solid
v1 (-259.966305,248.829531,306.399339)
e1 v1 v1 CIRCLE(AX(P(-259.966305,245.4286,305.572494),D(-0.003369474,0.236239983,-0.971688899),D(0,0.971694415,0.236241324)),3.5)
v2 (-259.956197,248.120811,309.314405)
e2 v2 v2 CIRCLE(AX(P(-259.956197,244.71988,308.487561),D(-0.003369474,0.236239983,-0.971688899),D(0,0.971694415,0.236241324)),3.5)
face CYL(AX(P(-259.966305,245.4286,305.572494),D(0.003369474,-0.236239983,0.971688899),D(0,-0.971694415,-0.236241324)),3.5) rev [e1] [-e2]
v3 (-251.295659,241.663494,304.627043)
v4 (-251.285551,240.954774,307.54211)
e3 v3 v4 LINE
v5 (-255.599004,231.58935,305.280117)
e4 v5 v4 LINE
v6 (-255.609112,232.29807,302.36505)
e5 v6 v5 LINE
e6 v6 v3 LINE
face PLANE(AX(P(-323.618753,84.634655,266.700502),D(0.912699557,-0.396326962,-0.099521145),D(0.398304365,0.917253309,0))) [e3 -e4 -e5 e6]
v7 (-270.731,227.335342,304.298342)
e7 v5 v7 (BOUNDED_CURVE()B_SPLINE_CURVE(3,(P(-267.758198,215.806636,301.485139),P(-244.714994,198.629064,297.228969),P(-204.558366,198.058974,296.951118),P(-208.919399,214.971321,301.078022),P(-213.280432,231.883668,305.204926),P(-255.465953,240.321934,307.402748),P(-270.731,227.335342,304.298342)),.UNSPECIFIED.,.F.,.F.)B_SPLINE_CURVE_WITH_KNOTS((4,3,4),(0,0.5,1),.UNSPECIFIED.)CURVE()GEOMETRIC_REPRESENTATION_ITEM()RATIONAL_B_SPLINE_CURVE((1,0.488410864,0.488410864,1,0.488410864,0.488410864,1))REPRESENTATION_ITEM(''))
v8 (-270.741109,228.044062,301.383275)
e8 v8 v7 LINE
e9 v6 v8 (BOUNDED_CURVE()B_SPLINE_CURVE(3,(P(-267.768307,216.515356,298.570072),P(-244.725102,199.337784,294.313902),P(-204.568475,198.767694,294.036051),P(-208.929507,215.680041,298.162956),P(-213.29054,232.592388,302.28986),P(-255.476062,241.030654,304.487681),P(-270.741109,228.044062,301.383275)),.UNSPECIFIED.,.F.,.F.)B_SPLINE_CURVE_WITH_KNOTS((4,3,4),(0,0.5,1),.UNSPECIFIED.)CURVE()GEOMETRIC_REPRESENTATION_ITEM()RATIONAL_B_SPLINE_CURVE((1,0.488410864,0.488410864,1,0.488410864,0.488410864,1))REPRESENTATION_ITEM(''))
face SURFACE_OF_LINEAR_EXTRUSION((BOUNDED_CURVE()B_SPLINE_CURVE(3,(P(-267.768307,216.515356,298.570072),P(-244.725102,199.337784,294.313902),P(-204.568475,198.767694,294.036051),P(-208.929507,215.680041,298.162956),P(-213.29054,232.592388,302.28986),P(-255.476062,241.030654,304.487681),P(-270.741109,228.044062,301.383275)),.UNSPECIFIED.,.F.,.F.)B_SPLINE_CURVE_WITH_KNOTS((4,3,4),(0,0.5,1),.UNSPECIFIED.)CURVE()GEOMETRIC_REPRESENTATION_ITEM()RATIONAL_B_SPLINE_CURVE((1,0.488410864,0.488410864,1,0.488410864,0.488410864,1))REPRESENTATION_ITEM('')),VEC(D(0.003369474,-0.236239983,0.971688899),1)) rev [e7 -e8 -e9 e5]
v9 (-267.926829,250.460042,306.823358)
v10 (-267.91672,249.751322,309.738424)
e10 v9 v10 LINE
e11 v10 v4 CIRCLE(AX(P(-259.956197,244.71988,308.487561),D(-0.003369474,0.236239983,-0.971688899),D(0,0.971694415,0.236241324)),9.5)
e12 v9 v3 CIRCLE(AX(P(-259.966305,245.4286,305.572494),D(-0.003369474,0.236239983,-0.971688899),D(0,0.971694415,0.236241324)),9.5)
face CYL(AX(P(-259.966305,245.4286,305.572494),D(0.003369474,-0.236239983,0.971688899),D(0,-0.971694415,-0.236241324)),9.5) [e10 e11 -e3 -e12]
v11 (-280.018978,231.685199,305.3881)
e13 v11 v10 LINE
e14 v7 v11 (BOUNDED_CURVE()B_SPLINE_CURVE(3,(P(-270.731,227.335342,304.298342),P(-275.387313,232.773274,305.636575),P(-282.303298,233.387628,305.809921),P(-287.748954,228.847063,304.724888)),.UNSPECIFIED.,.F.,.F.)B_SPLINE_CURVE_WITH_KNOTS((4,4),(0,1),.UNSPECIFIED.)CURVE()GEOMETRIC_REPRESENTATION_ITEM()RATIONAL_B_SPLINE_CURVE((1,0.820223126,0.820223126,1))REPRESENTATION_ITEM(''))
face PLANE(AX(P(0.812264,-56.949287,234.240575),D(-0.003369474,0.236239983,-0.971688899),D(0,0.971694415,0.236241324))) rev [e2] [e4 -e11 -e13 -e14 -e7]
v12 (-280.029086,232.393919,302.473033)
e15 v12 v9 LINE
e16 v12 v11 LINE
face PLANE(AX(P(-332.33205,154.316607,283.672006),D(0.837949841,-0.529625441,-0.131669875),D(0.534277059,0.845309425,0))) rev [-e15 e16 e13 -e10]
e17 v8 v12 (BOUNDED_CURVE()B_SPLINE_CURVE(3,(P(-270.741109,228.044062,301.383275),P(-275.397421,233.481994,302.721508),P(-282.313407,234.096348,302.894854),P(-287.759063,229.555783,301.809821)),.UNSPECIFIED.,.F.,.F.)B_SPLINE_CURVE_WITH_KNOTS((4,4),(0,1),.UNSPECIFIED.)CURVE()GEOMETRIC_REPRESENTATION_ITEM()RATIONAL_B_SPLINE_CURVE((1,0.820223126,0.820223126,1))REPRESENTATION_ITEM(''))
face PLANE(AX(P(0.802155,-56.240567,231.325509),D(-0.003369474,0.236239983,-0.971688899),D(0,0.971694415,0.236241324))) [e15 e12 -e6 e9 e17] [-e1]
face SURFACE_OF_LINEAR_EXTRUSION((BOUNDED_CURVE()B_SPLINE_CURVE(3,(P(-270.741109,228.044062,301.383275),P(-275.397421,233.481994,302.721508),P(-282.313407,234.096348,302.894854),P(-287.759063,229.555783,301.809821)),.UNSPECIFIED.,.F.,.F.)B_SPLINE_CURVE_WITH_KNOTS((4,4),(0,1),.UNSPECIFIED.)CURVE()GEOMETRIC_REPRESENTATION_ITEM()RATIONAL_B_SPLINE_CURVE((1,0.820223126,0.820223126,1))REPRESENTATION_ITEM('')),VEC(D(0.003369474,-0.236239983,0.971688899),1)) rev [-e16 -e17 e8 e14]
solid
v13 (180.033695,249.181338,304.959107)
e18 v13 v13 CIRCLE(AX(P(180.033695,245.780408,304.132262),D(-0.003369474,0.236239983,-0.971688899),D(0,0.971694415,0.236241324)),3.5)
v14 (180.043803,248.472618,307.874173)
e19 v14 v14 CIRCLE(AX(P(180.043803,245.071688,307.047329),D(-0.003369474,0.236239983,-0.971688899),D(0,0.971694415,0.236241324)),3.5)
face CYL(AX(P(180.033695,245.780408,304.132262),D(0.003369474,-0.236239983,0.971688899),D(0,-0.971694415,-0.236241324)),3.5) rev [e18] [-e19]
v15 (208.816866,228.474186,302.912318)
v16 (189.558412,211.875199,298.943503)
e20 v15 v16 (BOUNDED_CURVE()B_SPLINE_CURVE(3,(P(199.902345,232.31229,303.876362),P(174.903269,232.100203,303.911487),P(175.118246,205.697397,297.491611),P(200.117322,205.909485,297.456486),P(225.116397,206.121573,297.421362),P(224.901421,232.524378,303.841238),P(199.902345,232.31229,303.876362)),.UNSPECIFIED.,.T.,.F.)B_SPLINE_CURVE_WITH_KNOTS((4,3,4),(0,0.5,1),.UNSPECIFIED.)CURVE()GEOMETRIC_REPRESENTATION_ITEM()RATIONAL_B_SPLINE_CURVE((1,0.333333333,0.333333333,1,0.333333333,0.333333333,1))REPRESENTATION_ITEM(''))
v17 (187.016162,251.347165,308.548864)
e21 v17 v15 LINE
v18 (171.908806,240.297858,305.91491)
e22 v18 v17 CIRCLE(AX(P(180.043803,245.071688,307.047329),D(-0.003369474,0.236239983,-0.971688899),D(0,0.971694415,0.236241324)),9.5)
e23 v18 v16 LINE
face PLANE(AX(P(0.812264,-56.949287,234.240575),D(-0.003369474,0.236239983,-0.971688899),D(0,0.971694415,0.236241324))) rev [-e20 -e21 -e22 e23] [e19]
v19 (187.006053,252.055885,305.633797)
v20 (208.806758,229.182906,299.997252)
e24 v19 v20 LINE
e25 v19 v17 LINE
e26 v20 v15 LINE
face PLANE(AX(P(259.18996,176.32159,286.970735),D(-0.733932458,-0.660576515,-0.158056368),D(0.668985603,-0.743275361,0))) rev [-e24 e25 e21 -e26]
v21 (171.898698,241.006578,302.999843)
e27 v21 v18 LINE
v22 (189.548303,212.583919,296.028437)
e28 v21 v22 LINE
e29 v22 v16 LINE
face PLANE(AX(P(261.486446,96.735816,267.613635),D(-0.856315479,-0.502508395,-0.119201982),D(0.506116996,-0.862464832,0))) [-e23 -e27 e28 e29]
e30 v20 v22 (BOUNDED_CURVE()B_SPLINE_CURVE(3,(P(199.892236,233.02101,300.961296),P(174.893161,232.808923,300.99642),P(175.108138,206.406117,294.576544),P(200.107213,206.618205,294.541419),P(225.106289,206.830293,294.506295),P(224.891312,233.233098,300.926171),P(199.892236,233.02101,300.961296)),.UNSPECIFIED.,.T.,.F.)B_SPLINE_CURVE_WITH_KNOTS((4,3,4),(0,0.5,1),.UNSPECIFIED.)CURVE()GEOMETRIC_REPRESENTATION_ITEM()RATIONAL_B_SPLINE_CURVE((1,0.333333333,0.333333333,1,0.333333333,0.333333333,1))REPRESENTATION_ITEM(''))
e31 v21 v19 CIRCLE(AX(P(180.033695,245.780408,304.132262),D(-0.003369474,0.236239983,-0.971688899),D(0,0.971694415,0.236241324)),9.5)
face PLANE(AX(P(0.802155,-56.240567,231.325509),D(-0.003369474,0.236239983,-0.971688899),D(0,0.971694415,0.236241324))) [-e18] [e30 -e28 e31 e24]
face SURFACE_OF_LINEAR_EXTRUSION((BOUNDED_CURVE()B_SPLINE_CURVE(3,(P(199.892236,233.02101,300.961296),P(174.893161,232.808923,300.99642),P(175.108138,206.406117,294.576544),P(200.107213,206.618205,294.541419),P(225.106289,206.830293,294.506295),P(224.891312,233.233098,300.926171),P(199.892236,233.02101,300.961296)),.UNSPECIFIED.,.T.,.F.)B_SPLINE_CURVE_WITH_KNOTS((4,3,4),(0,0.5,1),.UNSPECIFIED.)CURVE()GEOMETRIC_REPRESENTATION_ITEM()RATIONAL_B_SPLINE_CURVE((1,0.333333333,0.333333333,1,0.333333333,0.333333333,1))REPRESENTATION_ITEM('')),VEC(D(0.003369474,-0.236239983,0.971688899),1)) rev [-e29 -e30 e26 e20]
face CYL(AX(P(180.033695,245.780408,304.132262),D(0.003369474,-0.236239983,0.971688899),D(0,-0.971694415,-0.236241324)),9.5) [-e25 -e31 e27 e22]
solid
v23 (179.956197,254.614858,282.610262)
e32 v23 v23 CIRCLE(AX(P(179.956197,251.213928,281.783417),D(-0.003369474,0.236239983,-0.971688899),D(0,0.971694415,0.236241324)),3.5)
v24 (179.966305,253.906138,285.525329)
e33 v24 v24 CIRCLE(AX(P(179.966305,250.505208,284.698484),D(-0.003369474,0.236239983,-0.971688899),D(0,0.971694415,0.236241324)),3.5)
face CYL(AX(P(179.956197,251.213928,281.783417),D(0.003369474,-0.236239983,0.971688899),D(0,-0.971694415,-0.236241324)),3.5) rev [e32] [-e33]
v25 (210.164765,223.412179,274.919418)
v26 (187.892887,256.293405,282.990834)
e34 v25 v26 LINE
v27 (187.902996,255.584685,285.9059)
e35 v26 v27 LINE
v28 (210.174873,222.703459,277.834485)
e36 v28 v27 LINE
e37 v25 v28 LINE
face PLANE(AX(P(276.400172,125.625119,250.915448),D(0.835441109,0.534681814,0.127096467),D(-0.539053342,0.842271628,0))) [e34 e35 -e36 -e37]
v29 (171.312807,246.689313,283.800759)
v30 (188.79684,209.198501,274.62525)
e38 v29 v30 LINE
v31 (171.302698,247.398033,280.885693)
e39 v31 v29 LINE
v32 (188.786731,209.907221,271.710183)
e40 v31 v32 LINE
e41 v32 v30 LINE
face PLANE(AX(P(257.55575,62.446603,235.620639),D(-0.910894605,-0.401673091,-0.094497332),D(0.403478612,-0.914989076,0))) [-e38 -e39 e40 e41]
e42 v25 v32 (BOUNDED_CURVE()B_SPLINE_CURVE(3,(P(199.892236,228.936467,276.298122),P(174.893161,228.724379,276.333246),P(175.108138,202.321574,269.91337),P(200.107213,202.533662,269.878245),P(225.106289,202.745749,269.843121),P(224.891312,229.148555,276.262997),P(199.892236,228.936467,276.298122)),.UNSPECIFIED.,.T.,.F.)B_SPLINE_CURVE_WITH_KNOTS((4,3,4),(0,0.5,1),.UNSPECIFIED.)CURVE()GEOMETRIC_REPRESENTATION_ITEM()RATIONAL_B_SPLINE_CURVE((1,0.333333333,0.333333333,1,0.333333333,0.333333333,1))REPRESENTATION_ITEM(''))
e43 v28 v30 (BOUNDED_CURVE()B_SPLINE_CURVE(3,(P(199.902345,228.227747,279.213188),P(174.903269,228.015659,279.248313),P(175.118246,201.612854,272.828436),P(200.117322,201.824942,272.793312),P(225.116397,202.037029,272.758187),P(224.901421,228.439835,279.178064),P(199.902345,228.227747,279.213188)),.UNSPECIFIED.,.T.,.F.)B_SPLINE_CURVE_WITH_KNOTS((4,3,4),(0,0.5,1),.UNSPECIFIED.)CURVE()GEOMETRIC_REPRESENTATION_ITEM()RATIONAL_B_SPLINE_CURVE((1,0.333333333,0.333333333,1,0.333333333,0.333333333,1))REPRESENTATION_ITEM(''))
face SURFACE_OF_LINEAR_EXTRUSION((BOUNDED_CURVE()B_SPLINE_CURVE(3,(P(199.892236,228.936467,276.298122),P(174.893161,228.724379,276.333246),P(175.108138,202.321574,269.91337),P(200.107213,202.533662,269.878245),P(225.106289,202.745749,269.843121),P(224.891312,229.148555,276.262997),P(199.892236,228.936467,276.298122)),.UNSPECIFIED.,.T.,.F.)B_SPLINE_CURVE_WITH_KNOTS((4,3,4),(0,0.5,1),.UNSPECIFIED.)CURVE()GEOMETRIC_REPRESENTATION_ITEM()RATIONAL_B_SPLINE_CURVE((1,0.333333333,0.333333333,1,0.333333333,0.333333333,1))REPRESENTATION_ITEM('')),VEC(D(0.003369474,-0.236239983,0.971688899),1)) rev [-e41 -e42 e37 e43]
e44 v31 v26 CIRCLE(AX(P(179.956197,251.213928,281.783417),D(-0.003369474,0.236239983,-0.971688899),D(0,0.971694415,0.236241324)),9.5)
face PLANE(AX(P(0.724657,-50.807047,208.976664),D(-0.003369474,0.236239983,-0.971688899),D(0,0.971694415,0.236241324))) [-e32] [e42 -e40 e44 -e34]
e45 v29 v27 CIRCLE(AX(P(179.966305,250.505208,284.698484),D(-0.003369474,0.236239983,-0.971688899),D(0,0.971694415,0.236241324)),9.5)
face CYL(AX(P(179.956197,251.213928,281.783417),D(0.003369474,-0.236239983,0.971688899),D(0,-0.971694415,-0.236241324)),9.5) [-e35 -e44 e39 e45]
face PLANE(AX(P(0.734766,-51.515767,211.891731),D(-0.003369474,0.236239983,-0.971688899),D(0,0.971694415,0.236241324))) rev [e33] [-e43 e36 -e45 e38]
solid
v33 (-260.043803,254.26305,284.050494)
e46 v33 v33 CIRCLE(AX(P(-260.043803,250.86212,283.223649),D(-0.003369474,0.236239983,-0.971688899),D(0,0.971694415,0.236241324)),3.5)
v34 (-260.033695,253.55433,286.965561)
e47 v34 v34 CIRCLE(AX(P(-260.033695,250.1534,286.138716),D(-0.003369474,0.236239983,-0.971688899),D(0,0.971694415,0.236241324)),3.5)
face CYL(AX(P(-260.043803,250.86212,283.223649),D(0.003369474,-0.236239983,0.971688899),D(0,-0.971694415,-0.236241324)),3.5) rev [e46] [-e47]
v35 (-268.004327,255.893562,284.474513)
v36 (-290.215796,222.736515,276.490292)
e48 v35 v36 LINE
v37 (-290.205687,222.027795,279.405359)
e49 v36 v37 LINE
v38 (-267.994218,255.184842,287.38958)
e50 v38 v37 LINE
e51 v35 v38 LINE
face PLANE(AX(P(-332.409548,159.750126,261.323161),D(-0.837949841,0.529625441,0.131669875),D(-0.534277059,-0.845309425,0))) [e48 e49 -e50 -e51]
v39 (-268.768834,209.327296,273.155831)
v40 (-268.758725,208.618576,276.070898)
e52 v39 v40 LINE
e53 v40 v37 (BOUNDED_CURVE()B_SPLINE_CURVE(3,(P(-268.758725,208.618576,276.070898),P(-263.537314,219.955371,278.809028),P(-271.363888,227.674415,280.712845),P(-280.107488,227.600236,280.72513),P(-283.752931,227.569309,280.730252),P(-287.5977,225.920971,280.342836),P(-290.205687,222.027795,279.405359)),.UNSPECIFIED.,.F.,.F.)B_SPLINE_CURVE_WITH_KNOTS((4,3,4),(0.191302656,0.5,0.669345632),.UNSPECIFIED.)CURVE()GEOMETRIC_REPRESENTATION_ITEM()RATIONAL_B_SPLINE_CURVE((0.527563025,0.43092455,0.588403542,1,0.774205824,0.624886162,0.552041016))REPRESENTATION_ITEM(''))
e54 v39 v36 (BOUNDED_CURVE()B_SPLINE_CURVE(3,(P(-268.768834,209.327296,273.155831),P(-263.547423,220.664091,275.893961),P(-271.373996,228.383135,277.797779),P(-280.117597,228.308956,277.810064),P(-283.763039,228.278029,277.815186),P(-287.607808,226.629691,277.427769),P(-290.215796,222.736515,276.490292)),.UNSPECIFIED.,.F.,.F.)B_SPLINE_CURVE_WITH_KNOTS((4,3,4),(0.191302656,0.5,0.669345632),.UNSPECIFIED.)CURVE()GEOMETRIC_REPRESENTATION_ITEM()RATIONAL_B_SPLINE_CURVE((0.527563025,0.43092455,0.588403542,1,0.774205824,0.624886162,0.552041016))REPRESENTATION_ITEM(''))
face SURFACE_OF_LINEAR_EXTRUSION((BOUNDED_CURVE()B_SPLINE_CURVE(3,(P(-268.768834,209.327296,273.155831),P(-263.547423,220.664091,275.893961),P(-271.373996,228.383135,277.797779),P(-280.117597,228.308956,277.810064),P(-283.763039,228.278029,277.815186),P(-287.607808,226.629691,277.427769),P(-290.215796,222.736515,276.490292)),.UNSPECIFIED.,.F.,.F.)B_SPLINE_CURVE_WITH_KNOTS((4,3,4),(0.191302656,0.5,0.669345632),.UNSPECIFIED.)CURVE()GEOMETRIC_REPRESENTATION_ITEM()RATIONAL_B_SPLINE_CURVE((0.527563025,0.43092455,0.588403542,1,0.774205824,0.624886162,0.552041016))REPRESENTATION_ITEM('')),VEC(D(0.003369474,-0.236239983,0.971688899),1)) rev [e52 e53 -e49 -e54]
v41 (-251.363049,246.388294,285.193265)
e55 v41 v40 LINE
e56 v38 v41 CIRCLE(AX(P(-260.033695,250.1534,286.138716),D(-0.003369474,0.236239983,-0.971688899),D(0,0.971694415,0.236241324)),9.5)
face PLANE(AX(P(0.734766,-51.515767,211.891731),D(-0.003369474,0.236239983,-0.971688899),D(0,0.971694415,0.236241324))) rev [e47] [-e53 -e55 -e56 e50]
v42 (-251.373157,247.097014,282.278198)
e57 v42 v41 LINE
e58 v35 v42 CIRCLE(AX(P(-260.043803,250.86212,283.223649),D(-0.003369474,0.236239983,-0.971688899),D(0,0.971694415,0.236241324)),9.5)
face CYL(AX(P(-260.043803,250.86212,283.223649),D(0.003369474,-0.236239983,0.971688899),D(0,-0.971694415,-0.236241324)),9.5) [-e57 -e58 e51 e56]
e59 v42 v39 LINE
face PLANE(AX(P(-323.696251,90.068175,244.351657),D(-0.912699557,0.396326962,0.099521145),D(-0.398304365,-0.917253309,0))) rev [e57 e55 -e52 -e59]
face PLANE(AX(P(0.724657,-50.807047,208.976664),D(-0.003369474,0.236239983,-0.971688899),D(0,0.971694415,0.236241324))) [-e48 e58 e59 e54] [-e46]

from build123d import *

# Parameters (mm, degrees)
SZKIC1_R                      = 3.5
DODANIE_WYCI_GNI_CIE1_DEPTH   = 3
DODANIE_WYCI_GNI_CIE1_2_DEPTH = 3
SZKIC2_R                      = 3.5
DODANIE_WYCI_GNI_CIE2_DEPTH   = 3
DODANIE_WYCI_GNI_CIE2_2_DEPTH = 3


with BuildPart() as part:
    # Szkic1 → Dodanie-wyciągnięcie1 (new body)
    with BuildSketch(Plane(origin=(0.734765672, -51.515766997, 211.89173064), x_dir=(-0.999994323, -0.000796009, 0.003274099), z_dir=(-0.003369474, 0.236239983, -0.971688899))):
        with BuildLine():
            Line((-187.169292625, 315.892999472), (-209.441296402, 282.035694004))
            add(Edge.make_bspline(
                [(-209.441296402, 282.035694004), (-206.775889814, 286.087573931), (-202.858683854, 287.758514493), (-199.168709849, 287.729320466)],
                knots=[0.829057948, 0.829057948, 0.829057948, 0.829057948, 1, 1, 1, 1], degree=3, weights=[0.550001273, 0.622077689, 0.772077264, 1]))
            add(Edge.make_bspline(
                [(-199.168709849, 287.729320466), (-190.501196179, 287.660745558), (-182.83338324, 279.699846229), (-188.063141669, 268.154847974)],
                knots=[0, 0, 0, 0, 0.307110013, 0.307110013, 0.307110013, 0.307110013], degree=3, weights=[1, 0.590519983, 0.432550792, 0.526092429]))
            Line((-188.063141669, 268.154847974), (-170.579009164, 306.752095248))
            ThreePointArc((-170.579009164, 306.752095248), (-174.648073701, 318.992665858), (-187.169292625, 315.892999472))
        make_face()
        with Locations((-179.232557038, 310.672058156)):
            Circle(SZKIC1_R, mode=Mode.SUBTRACT)
    extrude(amount=DODANIE_WYCI_GNI_CIE1_DEPTH)


with BuildPart() as body_2:
    # Szkic1 → Dodanie-wyci_gni_cie1 2 (new body)
    with BuildSketch(Plane(origin=(0.734765672, -51.515766997, 211.89173064), x_dir=(-0.999994323, -0.000796009, 0.003274099), z_dir=(-0.003369474, 0.236239983, -0.971688899))):
        with BuildLine():
            Line((252.09924571, 306.788563701), (269.495020667, 267.932859656))
            add(Edge.make_bspline(
                [(269.495020667, 267.932859656), (264.273580193, 279.595619508), (272.100198145, 287.545932005), (280.843848292, 287.476754726), (284.489311538, 287.447912856), (288.334102265, 285.754708593), (290.942104385, 281.750260367)],
                knots=[0.191302656, 0.191302656, 0.191302656, 0.191302656, 0.5, 0.5, 0.5, 0.669345632, 0.669345632, 0.669345632, 0.669345632], degree=3, weights=[0.527563025, 0.43092455, 0.588403542, 1, 0.774205824, 0.624886162, 0.552041016]))
            Line((290.942104385, 281.750260367), (268.730509404, 315.854980385))
            ThreePointArc((268.730509404, 315.854980385), (256.222848494, 319.011551058), (252.09924571, 306.788563701))
        make_face()
        with Locations((260.769940721, 310.670450874)):
            Circle(SZKIC1_R, mode=Mode.SUBTRACT)
    extrude(amount=DODANIE_WYCI_GNI_CIE1_2_DEPTH)


with BuildPart() as body_3:
    # Szkic2 → Dodanie-wyciągnięcie2 (new body)
    with BuildSketch(Plane(origin=(0.81226357, -56.949286615, 234.240575322), x_dir=(-0.999994323, -0.000796009, 0.003274099), z_dir=(-0.003369474, 0.236239983, -0.971688899))):
        with BuildLine():
            Line((-188.747219403, 276.500756835), (-171.097513803, 305.765830321))
            ThreePointArc((-171.097513803, 305.765830321), (-173.52348431, 318.265245141), (-186.204954965, 317.12462874))
            Line((-186.204954965, 317.12462874), (-208.005783592, 293.567497463))
            add(Edge.make_bspline(
                [(-208.005783592, 293.567497463), (-205.389239731, 296.394833446), (-202.143001596, 297.548854487), (-199.091211511, 297.52470959)],
                knots=[0.852820792, 0.852820792, 0.852820792, 0.852820792, 1, 1, 1, 1], degree=3, weights=[0.584576923, 0.665286698, 0.803761057, 1]))
            add(Edge.make_bspline(
                [(-199.091211511, 297.52470959), (-189.609209552, 297.449690681), (-181.643640554, 288.279239816), (-188.747219403, 276.500756835)],
                knots=[0, 0, 0, 0, 0.323520489, 0.323520489, 0.323520489, 0.323520489], degree=3, weights=[1, 0.568639348, 0.416386714, 0.543242099]))
        make_face()
        with Locations((-179.232557038, 310.672058156)):
            Circle(SZKIC2_R, mode=Mode.SUBTRACT)
    extrude(amount=DODANIE_WYCI_GNI_CIE2_DEPTH)


with BuildPart() as body_4:
    # Szkic2 → Dodanie-wyci_gni_cie2 2 (new body)
    with BuildSketch(Plane(origin=(0.81226357, -56.949286615, 234.240575322), x_dir=(-0.999994323, -0.000796009, 0.003274099), z_dir=(-0.003369474, 0.236239983, -0.971688899))):
        with BuildLine():
            add(Edge.make_bspline(
                [(271.544805537, 292.788325972), (273.893649928, 295.613268937), (277.150282954, 297.273295896), (280.832835711, 297.272503503)],
                knots=[0, 0, 0, 0, 0.553776247, 0.553776247, 0.553776247, 0.553776247], degree=3, weights=[1, 0.900443837, 0.856019513, 0.866727027]))
            Line((280.832835711, 297.272503503), (268.730509404, 315.854980385))
            ThreePointArc((268.730509404, 315.854980385), (256.222848494, 319.011551058), (252.09924571, 306.788563701))
            Line((252.09924571, 306.788563701), (256.412722699, 297.153857246))
            add(Edge.make_bspline(
                [(256.412722699, 297.153857246), (263.894698689, 296.768653735), (268.903557196, 295.098621506), (271.544805537, 292.788325972)],
                knots=[0.850046497, 0.850046497, 0.850046497, 0.850046497, 1, 1, 1, 1], degree=3, weights=[0.677755948, 0.73915615, 0.846570834, 1]))
        make_face()
        with Locations((260.769940721, 310.670450874)):
            Circle(SZKIC2_R, mode=Mode.SUBTRACT)
    extrude(amount=DODANIE_WYCI_GNI_CIE2_2_DEPTH)


solid = Compound([part.part, body_2.part, body_3.part, body_4.part])
